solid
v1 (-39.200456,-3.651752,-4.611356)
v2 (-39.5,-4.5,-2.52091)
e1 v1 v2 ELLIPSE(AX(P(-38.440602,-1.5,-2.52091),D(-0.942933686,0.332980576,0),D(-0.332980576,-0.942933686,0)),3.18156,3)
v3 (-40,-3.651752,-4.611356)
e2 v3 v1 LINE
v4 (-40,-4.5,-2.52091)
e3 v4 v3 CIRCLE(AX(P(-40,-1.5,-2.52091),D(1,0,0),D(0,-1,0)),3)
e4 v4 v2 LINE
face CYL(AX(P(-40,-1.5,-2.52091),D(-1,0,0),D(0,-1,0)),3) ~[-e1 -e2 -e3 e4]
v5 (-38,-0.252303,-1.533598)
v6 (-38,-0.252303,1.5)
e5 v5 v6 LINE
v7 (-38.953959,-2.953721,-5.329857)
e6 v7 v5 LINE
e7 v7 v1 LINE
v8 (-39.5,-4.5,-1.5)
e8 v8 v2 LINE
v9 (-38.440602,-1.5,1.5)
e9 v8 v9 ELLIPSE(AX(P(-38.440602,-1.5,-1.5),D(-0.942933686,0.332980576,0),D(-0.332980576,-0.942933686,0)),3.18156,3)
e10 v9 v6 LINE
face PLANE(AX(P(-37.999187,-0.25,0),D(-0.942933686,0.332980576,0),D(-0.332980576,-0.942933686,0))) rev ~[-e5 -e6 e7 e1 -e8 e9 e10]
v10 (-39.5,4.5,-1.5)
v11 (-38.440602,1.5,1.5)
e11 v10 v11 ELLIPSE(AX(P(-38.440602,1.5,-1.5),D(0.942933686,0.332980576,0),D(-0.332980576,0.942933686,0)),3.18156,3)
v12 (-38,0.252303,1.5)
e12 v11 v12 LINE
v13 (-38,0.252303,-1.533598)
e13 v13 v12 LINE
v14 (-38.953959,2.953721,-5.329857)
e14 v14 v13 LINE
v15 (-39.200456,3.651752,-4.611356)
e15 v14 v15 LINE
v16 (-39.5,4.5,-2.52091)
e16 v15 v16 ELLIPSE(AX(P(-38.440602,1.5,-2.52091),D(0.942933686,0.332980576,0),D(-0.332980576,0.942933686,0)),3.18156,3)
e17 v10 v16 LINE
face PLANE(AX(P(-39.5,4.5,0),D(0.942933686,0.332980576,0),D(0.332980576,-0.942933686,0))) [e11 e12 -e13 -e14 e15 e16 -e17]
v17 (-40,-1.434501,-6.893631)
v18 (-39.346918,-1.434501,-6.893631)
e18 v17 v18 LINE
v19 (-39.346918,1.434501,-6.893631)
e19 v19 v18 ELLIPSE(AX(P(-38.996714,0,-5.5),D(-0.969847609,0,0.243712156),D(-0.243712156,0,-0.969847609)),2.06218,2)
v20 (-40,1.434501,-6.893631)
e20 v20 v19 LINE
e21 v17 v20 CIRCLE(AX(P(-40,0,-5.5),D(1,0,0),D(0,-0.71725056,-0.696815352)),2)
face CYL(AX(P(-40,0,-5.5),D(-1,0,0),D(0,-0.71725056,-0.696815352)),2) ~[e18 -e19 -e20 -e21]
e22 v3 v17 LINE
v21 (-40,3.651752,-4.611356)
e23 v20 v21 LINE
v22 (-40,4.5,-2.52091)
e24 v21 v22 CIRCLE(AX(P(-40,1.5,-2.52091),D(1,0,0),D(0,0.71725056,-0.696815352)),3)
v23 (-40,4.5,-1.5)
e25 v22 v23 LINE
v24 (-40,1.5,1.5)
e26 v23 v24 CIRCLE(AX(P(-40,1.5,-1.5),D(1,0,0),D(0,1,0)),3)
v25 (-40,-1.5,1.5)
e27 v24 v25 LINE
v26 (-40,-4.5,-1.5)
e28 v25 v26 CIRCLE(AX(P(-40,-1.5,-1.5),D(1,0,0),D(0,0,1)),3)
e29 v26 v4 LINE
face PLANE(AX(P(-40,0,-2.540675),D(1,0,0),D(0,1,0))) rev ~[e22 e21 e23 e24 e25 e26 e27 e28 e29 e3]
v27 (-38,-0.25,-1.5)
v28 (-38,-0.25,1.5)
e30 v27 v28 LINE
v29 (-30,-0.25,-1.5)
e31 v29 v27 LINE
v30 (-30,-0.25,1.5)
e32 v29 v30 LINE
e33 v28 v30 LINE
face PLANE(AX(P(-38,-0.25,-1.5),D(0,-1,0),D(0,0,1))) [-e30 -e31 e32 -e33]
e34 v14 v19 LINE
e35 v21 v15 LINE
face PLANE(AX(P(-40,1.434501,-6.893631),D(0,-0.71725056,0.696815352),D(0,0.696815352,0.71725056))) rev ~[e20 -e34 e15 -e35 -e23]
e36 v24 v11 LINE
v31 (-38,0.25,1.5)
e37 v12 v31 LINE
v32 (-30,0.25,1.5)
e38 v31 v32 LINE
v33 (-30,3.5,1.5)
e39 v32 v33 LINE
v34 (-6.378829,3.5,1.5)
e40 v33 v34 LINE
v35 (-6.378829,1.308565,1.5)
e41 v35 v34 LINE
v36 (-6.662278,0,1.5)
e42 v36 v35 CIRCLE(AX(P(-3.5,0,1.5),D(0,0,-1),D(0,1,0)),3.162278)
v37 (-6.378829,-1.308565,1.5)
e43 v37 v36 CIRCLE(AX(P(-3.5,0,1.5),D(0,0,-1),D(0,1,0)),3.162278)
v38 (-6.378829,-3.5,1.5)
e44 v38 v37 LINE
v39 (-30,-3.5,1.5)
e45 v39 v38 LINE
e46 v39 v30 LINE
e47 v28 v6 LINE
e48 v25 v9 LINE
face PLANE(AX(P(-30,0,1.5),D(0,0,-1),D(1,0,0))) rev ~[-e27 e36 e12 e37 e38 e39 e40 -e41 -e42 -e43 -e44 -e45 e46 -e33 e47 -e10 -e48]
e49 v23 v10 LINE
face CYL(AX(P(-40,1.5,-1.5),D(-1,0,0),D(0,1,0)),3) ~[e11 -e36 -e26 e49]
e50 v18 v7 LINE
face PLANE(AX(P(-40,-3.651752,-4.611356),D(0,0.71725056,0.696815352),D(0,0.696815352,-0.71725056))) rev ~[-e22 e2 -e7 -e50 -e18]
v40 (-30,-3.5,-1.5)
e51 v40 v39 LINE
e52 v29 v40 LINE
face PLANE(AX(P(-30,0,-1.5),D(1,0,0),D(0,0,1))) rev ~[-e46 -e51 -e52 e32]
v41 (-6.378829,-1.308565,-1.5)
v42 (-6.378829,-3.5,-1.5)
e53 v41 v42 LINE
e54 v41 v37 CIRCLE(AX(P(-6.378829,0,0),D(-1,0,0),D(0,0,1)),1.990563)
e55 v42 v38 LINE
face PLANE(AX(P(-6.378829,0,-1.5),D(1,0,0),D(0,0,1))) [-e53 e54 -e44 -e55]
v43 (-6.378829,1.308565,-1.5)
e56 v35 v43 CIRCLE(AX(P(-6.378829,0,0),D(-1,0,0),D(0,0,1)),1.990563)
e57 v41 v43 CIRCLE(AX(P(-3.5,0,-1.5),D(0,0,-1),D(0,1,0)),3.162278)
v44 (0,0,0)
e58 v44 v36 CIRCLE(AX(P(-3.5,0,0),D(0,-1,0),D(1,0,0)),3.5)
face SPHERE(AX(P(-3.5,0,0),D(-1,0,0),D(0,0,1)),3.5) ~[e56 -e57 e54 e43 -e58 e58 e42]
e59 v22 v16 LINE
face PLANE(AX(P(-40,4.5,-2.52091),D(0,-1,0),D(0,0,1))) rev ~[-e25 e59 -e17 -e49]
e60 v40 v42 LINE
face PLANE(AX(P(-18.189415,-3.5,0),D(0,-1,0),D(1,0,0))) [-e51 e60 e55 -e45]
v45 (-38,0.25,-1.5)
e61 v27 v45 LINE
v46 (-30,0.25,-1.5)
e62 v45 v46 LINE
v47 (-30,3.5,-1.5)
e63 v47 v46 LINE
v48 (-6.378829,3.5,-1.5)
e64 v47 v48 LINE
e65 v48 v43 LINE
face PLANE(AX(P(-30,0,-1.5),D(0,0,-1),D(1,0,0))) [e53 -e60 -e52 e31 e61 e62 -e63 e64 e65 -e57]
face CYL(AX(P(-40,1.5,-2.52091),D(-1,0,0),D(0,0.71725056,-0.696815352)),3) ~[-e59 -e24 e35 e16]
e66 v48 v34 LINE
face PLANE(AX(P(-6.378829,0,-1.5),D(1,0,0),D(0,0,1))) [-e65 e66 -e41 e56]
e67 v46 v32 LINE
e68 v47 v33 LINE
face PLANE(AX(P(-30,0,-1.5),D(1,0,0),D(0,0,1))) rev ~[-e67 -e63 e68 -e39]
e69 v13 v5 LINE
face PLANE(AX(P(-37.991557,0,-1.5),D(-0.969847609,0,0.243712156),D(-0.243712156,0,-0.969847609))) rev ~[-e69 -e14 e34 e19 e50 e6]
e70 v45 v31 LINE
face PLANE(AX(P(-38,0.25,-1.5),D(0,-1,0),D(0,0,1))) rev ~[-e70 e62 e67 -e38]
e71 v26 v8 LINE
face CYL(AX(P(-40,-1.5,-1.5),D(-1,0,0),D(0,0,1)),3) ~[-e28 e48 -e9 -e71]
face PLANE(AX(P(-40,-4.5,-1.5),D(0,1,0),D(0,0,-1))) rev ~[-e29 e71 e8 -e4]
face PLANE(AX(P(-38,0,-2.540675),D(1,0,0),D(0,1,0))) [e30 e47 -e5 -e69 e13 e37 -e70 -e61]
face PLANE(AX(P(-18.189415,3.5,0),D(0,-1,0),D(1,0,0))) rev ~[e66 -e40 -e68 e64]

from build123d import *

# Parameters (mm, degrees)
F2_W      = 23.6211707216
F2_H      = 3
F3_DEPTH  = 3.5
F6_DEPTH  = 2
F7_W      = 0.5
F7_H      = 3
F8_DEPTH  = 8
F12_DEPTH = 15
F14_DEPTH = 15


with BuildPart() as f1:
    # F0 (on Front) → F1 (revolve)
    with BuildSketch(Plane.XZ):
        with BuildLine():
            Line((-7, 0), (0, 0))
            ThreePointArc((0, 0), (-3.5, 3.5), (-7, 0))
        make_face()
    revolve(axis=Axis((-3.5, 0, 0), (1, 0, 0)))

    # F2 (on Front) → F3 (join, symmetric)
    with BuildSketch(Plane.XZ):
        with Locations((-18.1894146392, 0)):
            Rectangle(F2_W, F2_H)
    extrude(amount=F3_DEPTH, both=True)


with BuildPart() as f6:
    # F5 (on offset) → F6 (new body)
    with BuildSketch(Plane.YZ.offset(-40)):
        with BuildLine():
            ThreePointArc((4.5, -1.5), (3.6213203436, 0.6213203436), (1.5, 1.5))
            Line((1.5, 1.5), (-1.5, 1.5))
            ThreePointArc((-1.5, 1.5), (-3.6213203436, 0.6213203436), (-4.5, -1.5))
            Line((-4.5, -1.5), (-4.5, -2.5209097215))
            ThreePointArc((-4.5, -2.5209097215), (-4.2798610612, -3.6489046153), (-3.6517516798, -4.6113557764))
            Line((-3.6517516798, -4.6113557764), (-1.4345011199, -6.8936307033))
            ThreePointArc((-1.4345011199, -6.8936307033), (0, -7.5), (1.4345011199, -6.8936307033))
            Line((1.4345011199, -6.8936307033), (3.6517516798, -4.6113557764))
            ThreePointArc((3.6517516798, -4.6113557764), (4.2798610612, -3.6489046153), (4.5, -2.5209097215))
            Line((4.5, -2.5209097215), (4.5, -1.5))
        make_face()
    extrude(amount=F6_DEPTH)


with BuildPart() as f8:
    # F7 (on face) → F8 (new body, through all)
    with BuildSketch(Plane.YZ.offset(-38)):
        Rectangle(F7_W, F7_H)
    extrude(amount=F8_DEPTH)


with BuildPart() as f6_1:
    add(f6.part)

    # F9: union F8
    add(f8.part)


with BuildPart() as f1_1:
    add(f1.part)

    # F10: union F6
    add(f6_1.part)

    # F11 (on Top) → F12 (cut, symmetric)
    with BuildSketch(Plane.XY):
        Polygon((-39.5, 4.5), (-37.9991866648, 0.25), (-37.9909649491, 4.5), align=None)
        Polygon((-37.9909649491, -4.5), (-37.9991866648, -0.25), (-39.5, -4.5), align=None)
    extrude(amount=F12_DEPTH, both=True, mode=Mode.SUBTRACT)

    # F13 (on Front) → F14 (cut, symmetric)
    with BuildSketch(Plane.XZ):
        Polygon((-38, -7.5028174194), (-37.9915572703, -1.5), (-39.5, -7.5028174194), align=None)
    extrude(amount=F14_DEPTH, both=True, mode=Mode.SUBTRACT)


solid = f1_1.part
